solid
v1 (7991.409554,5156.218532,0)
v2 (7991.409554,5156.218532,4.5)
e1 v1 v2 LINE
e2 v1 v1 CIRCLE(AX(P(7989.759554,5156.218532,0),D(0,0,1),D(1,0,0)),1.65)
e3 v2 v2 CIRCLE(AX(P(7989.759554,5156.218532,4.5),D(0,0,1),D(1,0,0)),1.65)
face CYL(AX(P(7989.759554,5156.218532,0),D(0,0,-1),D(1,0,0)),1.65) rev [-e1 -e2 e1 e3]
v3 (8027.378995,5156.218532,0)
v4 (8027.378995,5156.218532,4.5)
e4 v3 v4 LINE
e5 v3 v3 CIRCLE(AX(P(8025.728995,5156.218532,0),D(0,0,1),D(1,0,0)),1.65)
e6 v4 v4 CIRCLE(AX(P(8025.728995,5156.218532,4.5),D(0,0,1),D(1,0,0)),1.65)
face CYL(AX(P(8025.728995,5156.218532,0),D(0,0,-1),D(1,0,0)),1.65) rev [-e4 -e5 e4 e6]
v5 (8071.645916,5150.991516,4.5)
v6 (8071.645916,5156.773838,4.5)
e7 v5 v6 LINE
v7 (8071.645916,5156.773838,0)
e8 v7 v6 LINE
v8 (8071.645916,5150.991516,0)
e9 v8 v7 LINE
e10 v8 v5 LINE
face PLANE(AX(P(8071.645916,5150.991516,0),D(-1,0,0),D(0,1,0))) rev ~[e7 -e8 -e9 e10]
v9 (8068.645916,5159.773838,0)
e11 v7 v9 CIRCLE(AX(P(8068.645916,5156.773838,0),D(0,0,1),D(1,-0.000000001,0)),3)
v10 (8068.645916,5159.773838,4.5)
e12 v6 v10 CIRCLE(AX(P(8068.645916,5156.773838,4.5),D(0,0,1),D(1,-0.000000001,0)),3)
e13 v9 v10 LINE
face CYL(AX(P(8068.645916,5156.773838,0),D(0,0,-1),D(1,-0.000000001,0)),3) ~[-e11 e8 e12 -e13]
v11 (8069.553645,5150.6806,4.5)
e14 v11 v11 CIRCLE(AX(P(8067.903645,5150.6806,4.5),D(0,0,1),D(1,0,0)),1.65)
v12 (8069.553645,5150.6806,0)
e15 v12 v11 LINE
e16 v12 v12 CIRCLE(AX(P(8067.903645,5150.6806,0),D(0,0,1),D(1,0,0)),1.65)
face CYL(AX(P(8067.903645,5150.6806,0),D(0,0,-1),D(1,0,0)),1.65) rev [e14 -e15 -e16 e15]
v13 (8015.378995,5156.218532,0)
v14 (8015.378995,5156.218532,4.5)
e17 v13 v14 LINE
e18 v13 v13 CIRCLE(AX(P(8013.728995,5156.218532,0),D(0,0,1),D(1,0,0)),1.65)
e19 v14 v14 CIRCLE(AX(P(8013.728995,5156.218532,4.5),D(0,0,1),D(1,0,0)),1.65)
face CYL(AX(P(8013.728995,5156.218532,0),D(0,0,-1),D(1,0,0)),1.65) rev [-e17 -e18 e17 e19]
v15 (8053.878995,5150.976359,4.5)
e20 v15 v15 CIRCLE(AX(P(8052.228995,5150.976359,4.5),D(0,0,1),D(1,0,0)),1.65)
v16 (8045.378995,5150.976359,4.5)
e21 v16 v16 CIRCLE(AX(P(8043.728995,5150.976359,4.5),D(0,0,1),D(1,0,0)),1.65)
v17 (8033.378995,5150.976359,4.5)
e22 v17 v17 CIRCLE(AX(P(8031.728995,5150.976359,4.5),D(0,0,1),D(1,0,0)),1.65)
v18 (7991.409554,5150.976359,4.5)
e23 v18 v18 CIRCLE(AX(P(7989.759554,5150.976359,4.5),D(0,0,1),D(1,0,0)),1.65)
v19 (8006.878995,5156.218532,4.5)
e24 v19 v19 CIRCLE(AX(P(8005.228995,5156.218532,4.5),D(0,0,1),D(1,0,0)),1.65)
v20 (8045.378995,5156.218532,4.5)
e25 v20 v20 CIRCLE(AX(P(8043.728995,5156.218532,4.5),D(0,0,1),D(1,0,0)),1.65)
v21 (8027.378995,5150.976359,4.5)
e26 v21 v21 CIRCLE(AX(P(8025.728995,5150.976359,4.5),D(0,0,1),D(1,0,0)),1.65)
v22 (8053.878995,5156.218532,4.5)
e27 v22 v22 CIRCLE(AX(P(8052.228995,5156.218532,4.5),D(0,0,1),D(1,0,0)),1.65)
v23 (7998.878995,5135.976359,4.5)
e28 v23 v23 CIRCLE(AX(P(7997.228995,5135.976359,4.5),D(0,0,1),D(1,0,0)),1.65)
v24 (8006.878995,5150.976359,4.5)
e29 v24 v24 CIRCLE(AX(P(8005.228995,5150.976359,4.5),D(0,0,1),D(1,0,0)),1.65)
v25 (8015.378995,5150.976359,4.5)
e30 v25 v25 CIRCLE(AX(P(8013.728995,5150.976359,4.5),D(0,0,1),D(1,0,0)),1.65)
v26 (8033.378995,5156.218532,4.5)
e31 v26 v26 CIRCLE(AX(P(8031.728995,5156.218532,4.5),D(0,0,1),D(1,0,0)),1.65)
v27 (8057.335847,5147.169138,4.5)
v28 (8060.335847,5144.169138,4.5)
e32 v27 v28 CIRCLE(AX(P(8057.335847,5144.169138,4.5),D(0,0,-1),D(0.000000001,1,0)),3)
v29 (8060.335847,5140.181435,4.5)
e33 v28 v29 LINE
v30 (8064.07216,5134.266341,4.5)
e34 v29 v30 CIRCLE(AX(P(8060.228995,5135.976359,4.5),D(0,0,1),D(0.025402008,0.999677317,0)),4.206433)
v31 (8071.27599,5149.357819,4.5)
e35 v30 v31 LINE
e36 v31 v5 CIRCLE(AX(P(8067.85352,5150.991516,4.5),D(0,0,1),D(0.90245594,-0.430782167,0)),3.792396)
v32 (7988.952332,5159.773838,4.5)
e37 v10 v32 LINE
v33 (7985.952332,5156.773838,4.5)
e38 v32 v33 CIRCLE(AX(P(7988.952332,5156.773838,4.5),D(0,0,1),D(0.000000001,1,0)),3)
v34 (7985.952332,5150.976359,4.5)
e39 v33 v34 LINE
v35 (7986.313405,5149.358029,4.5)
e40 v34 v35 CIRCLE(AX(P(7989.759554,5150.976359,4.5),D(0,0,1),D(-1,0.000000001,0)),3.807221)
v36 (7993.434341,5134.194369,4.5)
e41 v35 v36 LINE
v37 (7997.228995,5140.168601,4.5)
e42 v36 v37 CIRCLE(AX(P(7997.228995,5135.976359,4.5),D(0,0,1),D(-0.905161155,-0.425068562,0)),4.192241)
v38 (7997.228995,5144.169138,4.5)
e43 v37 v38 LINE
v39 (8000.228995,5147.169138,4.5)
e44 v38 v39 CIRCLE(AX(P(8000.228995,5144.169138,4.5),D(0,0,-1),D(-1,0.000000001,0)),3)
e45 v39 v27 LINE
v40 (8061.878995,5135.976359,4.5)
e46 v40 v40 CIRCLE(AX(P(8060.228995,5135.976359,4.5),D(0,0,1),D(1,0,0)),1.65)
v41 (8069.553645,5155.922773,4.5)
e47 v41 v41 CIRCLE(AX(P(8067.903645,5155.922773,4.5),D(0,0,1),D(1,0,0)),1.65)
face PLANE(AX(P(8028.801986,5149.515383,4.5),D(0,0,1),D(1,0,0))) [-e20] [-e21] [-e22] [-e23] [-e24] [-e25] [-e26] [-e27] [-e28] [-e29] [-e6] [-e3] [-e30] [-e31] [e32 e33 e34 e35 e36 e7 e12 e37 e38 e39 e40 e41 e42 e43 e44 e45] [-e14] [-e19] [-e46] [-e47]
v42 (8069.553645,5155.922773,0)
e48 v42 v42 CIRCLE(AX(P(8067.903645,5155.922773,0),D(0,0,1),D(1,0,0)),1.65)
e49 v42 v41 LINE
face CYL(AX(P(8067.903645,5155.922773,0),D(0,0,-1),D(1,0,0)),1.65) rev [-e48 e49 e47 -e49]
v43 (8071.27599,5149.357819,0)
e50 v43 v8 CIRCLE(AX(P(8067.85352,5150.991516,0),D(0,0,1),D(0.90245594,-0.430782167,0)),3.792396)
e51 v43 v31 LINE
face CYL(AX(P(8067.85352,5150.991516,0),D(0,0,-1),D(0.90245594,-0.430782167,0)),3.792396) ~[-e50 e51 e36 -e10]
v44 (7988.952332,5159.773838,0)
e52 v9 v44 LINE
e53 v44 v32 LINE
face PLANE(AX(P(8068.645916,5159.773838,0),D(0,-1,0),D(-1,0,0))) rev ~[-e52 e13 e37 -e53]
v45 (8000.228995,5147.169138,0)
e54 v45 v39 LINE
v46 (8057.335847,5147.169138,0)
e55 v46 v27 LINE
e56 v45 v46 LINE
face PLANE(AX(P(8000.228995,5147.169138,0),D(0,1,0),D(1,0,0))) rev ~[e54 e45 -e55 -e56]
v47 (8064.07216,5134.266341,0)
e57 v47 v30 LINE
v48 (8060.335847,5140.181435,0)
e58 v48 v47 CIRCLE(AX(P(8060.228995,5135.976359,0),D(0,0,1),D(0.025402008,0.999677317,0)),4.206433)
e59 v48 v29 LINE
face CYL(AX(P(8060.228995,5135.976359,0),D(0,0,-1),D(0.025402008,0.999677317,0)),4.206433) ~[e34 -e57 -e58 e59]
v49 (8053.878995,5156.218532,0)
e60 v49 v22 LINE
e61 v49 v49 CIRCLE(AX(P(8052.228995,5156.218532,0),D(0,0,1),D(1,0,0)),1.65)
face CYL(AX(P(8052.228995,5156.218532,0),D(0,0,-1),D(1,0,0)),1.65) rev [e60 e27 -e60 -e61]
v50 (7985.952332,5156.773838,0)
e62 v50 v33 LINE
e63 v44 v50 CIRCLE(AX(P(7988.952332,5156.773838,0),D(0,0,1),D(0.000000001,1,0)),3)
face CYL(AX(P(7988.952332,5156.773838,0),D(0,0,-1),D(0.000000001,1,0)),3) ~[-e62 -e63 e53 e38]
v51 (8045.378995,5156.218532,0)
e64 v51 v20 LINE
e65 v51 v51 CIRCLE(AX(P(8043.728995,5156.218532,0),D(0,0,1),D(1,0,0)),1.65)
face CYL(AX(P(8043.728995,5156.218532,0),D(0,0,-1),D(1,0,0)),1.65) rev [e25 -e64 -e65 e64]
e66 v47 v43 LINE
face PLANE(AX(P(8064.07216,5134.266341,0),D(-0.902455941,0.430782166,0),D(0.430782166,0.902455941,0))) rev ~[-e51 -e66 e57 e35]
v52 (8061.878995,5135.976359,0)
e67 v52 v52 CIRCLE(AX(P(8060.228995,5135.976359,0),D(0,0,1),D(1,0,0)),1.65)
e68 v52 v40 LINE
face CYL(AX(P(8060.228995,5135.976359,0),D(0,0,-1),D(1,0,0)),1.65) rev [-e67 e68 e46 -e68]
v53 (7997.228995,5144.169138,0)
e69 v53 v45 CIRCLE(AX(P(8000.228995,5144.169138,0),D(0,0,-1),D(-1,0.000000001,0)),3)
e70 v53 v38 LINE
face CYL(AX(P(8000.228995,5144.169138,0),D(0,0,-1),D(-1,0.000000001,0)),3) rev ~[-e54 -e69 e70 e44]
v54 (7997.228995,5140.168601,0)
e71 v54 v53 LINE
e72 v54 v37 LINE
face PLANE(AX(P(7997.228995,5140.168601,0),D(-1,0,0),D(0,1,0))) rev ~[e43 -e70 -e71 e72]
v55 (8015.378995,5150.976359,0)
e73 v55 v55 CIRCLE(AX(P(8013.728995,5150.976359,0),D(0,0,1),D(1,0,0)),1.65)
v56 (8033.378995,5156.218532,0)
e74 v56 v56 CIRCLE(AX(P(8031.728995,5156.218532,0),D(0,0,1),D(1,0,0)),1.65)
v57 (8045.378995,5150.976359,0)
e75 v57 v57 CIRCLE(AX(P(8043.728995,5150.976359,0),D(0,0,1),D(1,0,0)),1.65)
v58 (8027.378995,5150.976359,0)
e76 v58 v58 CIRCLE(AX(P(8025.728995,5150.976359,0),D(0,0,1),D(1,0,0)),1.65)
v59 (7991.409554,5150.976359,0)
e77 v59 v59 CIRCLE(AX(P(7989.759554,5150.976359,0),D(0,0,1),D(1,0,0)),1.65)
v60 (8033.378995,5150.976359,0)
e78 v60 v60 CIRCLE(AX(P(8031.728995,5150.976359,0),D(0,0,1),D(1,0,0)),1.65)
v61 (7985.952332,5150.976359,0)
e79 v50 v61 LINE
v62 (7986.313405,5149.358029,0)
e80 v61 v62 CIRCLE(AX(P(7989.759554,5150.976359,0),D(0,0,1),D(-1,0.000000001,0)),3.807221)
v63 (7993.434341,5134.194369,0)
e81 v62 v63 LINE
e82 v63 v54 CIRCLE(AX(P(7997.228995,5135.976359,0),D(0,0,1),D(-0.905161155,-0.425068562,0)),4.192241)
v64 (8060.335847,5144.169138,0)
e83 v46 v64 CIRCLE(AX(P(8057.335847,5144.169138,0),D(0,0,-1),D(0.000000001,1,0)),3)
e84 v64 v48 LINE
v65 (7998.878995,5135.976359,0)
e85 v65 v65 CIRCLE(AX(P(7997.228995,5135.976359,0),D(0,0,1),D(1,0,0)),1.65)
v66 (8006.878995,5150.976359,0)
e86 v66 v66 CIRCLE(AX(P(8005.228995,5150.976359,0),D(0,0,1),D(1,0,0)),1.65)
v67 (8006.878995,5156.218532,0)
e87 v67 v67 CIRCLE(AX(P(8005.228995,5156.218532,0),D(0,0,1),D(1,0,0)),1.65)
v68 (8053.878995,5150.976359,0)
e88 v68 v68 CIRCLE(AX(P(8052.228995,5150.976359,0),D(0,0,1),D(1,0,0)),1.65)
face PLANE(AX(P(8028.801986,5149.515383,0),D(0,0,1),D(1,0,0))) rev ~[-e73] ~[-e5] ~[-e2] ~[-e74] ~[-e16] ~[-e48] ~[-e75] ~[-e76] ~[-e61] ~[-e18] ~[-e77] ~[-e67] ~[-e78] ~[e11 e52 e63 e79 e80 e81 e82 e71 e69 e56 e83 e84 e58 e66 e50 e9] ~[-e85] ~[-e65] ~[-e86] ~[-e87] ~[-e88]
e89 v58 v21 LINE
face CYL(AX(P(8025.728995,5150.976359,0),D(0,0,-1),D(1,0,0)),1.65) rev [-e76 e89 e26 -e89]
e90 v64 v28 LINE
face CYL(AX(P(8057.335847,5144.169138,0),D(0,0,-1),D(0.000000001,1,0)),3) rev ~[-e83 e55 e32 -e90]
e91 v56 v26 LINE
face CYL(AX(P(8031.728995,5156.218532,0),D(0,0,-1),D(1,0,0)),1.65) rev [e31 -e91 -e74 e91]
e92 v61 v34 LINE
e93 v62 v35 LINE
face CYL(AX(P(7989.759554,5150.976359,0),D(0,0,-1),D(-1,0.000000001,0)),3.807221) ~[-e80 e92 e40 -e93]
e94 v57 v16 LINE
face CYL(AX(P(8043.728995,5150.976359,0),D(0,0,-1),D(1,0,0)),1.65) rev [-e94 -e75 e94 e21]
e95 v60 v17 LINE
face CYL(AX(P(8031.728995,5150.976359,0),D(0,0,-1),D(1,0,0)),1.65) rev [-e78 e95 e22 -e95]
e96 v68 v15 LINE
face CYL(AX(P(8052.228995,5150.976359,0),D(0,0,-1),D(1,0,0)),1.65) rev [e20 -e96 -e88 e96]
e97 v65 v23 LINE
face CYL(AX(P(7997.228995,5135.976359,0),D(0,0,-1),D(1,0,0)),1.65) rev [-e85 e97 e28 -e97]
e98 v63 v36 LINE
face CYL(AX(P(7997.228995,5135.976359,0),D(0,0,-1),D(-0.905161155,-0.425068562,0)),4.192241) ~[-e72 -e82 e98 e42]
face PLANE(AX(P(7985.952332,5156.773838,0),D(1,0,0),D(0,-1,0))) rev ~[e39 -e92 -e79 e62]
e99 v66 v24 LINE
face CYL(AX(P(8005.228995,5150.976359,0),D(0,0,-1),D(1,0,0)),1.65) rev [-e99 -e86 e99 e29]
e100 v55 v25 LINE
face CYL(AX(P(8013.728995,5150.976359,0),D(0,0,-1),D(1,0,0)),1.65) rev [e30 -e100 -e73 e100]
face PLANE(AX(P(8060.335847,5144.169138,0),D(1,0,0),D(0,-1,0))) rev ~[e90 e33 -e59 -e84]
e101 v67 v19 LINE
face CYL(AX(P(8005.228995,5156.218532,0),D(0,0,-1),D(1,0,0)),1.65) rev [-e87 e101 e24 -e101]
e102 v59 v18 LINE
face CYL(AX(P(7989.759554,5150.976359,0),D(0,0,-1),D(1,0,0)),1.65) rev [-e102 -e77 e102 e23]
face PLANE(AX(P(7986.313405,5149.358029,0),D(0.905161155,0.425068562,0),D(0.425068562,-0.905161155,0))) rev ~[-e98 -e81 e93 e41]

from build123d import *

# Parameters (mm, degrees)
SKETCH_1_R      = 1.65
EXTRUDE_1_DEPTH = 4.5


with BuildPart() as part:
    # 草图1 → 凸台-拉伸1 (new body)
    with BuildSketch(Plane.XY):
        with BuildLine():
            Line((7985.952332202, 5156.773837904), (7985.952332202, 5150.976359203))
            ThreePointArc((7985.952332202, 5150.976359203), (7986.043696587, 5150.147298626), (7986.313404682, 5149.358029069))
            Line((7986.313404682, 5149.358029069), (7993.434341187, 5134.194369164))
            ThreePointArc((7993.434341187, 5134.194369164), (8000.767739464, 5133.728654178), (7997.228995286, 5140.168600636))
            Line((7997.228995286, 5140.168600636), (7997.228995286, 5144.169137786))
            ThreePointArc((7997.228995286, 5144.169137786), (7998.107674943, 5146.290458129), (8000.228995286, 5147.169137786))
            Line((8000.228995286, 5147.169137786), (8057.335847124, 5147.169137786))
            ThreePointArc((8057.335847124, 5147.169137786), (8059.457167467, 5146.290458129), (8060.335847124, 5144.169137786))
            Line((8060.335847124, 5144.169137786), (8060.335847124, 5140.181434516))
            ThreePointArc((8060.335847124, 5140.181434516), (8056.672629109, 5133.729954227), (8064.072159737, 5134.266340868))
            Line((8064.072159737, 5134.266340868), (8071.275990148, 5149.357818804))
            ThreePointArc((8071.275990148, 5149.357818804), (8071.552278457, 5150.153987911), (8071.645915883, 5150.991515528))
            Line((8071.645915883, 5150.991515528), (8071.645915883, 5156.773837904))
            ThreePointArc((8071.645915883, 5156.773837904), (8070.767236227, 5158.895158248), (8068.645915883, 5159.773837904))
            Line((8068.645915883, 5159.773837904), (7988.952332202, 5159.773837904))
            ThreePointArc((7988.952332202, 5159.773837904), (7986.831011858, 5158.895158248), (7985.952332202, 5156.773837904))
        make_face()
        with Locations((7997.228995286, 5135.976359203)):
            Circle(SKETCH_1_R, mode=Mode.SUBTRACT)
        with Locations((8005.228995286, 5150.976359203)):
            Circle(SKETCH_1_R, mode=Mode.SUBTRACT)
        with Locations((8052.228995286, 5150.976359203)):
            Circle(SKETCH_1_R, mode=Mode.SUBTRACT)
        with Locations((8013.728995286, 5150.976359203)):
            Circle(SKETCH_1_R, mode=Mode.SUBTRACT)
        with Locations((8043.728995286, 5150.976359203)):
            Circle(SKETCH_1_R, mode=Mode.SUBTRACT)
        with Locations((8060.228995286, 5135.976359203)):
            Circle(SKETCH_1_R, mode=Mode.SUBTRACT)
        with Locations((7989.759553619, 5150.976359203)):
            Circle(SKETCH_1_R, mode=Mode.SUBTRACT)
        with Locations((8067.903645142, 5150.680599992)):
            Circle(SKETCH_1_R, mode=Mode.SUBTRACT)
        with Locations((8025.728995286, 5150.976359203)):
            Circle(SKETCH_1_R, mode=Mode.SUBTRACT)
        with Locations((8031.728995286, 5150.976359203)):
            Circle(SKETCH_1_R, mode=Mode.SUBTRACT)
        with Locations((8005.228995286, 5156.218532456)):
            Circle(SKETCH_1_R, mode=Mode.SUBTRACT)
        with Locations((8052.228995286, 5156.218532456)):
            Circle(SKETCH_1_R, mode=Mode.SUBTRACT)
        with Locations((8013.728995286, 5156.218532456)):
            Circle(SKETCH_1_R, mode=Mode.SUBTRACT)
        with Locations((8043.728995286, 5156.218532456)):
            Circle(SKETCH_1_R, mode=Mode.SUBTRACT)
        with Locations((7989.759553619, 5156.218532456)):
            Circle(SKETCH_1_R, mode=Mode.SUBTRACT)
        with Locations((8067.903645142, 5155.922773245)):
            Circle(SKETCH_1_R, mode=Mode.SUBTRACT)
        with Locations((8025.728995286, 5156.218532456)):
            Circle(SKETCH_1_R, mode=Mode.SUBTRACT)
        with Locations((8031.728995286, 5156.218532456)):
            Circle(SKETCH_1_R, mode=Mode.SUBTRACT)
    extrude(amount=EXTRUDE_1_DEPTH)


solid = part.part
